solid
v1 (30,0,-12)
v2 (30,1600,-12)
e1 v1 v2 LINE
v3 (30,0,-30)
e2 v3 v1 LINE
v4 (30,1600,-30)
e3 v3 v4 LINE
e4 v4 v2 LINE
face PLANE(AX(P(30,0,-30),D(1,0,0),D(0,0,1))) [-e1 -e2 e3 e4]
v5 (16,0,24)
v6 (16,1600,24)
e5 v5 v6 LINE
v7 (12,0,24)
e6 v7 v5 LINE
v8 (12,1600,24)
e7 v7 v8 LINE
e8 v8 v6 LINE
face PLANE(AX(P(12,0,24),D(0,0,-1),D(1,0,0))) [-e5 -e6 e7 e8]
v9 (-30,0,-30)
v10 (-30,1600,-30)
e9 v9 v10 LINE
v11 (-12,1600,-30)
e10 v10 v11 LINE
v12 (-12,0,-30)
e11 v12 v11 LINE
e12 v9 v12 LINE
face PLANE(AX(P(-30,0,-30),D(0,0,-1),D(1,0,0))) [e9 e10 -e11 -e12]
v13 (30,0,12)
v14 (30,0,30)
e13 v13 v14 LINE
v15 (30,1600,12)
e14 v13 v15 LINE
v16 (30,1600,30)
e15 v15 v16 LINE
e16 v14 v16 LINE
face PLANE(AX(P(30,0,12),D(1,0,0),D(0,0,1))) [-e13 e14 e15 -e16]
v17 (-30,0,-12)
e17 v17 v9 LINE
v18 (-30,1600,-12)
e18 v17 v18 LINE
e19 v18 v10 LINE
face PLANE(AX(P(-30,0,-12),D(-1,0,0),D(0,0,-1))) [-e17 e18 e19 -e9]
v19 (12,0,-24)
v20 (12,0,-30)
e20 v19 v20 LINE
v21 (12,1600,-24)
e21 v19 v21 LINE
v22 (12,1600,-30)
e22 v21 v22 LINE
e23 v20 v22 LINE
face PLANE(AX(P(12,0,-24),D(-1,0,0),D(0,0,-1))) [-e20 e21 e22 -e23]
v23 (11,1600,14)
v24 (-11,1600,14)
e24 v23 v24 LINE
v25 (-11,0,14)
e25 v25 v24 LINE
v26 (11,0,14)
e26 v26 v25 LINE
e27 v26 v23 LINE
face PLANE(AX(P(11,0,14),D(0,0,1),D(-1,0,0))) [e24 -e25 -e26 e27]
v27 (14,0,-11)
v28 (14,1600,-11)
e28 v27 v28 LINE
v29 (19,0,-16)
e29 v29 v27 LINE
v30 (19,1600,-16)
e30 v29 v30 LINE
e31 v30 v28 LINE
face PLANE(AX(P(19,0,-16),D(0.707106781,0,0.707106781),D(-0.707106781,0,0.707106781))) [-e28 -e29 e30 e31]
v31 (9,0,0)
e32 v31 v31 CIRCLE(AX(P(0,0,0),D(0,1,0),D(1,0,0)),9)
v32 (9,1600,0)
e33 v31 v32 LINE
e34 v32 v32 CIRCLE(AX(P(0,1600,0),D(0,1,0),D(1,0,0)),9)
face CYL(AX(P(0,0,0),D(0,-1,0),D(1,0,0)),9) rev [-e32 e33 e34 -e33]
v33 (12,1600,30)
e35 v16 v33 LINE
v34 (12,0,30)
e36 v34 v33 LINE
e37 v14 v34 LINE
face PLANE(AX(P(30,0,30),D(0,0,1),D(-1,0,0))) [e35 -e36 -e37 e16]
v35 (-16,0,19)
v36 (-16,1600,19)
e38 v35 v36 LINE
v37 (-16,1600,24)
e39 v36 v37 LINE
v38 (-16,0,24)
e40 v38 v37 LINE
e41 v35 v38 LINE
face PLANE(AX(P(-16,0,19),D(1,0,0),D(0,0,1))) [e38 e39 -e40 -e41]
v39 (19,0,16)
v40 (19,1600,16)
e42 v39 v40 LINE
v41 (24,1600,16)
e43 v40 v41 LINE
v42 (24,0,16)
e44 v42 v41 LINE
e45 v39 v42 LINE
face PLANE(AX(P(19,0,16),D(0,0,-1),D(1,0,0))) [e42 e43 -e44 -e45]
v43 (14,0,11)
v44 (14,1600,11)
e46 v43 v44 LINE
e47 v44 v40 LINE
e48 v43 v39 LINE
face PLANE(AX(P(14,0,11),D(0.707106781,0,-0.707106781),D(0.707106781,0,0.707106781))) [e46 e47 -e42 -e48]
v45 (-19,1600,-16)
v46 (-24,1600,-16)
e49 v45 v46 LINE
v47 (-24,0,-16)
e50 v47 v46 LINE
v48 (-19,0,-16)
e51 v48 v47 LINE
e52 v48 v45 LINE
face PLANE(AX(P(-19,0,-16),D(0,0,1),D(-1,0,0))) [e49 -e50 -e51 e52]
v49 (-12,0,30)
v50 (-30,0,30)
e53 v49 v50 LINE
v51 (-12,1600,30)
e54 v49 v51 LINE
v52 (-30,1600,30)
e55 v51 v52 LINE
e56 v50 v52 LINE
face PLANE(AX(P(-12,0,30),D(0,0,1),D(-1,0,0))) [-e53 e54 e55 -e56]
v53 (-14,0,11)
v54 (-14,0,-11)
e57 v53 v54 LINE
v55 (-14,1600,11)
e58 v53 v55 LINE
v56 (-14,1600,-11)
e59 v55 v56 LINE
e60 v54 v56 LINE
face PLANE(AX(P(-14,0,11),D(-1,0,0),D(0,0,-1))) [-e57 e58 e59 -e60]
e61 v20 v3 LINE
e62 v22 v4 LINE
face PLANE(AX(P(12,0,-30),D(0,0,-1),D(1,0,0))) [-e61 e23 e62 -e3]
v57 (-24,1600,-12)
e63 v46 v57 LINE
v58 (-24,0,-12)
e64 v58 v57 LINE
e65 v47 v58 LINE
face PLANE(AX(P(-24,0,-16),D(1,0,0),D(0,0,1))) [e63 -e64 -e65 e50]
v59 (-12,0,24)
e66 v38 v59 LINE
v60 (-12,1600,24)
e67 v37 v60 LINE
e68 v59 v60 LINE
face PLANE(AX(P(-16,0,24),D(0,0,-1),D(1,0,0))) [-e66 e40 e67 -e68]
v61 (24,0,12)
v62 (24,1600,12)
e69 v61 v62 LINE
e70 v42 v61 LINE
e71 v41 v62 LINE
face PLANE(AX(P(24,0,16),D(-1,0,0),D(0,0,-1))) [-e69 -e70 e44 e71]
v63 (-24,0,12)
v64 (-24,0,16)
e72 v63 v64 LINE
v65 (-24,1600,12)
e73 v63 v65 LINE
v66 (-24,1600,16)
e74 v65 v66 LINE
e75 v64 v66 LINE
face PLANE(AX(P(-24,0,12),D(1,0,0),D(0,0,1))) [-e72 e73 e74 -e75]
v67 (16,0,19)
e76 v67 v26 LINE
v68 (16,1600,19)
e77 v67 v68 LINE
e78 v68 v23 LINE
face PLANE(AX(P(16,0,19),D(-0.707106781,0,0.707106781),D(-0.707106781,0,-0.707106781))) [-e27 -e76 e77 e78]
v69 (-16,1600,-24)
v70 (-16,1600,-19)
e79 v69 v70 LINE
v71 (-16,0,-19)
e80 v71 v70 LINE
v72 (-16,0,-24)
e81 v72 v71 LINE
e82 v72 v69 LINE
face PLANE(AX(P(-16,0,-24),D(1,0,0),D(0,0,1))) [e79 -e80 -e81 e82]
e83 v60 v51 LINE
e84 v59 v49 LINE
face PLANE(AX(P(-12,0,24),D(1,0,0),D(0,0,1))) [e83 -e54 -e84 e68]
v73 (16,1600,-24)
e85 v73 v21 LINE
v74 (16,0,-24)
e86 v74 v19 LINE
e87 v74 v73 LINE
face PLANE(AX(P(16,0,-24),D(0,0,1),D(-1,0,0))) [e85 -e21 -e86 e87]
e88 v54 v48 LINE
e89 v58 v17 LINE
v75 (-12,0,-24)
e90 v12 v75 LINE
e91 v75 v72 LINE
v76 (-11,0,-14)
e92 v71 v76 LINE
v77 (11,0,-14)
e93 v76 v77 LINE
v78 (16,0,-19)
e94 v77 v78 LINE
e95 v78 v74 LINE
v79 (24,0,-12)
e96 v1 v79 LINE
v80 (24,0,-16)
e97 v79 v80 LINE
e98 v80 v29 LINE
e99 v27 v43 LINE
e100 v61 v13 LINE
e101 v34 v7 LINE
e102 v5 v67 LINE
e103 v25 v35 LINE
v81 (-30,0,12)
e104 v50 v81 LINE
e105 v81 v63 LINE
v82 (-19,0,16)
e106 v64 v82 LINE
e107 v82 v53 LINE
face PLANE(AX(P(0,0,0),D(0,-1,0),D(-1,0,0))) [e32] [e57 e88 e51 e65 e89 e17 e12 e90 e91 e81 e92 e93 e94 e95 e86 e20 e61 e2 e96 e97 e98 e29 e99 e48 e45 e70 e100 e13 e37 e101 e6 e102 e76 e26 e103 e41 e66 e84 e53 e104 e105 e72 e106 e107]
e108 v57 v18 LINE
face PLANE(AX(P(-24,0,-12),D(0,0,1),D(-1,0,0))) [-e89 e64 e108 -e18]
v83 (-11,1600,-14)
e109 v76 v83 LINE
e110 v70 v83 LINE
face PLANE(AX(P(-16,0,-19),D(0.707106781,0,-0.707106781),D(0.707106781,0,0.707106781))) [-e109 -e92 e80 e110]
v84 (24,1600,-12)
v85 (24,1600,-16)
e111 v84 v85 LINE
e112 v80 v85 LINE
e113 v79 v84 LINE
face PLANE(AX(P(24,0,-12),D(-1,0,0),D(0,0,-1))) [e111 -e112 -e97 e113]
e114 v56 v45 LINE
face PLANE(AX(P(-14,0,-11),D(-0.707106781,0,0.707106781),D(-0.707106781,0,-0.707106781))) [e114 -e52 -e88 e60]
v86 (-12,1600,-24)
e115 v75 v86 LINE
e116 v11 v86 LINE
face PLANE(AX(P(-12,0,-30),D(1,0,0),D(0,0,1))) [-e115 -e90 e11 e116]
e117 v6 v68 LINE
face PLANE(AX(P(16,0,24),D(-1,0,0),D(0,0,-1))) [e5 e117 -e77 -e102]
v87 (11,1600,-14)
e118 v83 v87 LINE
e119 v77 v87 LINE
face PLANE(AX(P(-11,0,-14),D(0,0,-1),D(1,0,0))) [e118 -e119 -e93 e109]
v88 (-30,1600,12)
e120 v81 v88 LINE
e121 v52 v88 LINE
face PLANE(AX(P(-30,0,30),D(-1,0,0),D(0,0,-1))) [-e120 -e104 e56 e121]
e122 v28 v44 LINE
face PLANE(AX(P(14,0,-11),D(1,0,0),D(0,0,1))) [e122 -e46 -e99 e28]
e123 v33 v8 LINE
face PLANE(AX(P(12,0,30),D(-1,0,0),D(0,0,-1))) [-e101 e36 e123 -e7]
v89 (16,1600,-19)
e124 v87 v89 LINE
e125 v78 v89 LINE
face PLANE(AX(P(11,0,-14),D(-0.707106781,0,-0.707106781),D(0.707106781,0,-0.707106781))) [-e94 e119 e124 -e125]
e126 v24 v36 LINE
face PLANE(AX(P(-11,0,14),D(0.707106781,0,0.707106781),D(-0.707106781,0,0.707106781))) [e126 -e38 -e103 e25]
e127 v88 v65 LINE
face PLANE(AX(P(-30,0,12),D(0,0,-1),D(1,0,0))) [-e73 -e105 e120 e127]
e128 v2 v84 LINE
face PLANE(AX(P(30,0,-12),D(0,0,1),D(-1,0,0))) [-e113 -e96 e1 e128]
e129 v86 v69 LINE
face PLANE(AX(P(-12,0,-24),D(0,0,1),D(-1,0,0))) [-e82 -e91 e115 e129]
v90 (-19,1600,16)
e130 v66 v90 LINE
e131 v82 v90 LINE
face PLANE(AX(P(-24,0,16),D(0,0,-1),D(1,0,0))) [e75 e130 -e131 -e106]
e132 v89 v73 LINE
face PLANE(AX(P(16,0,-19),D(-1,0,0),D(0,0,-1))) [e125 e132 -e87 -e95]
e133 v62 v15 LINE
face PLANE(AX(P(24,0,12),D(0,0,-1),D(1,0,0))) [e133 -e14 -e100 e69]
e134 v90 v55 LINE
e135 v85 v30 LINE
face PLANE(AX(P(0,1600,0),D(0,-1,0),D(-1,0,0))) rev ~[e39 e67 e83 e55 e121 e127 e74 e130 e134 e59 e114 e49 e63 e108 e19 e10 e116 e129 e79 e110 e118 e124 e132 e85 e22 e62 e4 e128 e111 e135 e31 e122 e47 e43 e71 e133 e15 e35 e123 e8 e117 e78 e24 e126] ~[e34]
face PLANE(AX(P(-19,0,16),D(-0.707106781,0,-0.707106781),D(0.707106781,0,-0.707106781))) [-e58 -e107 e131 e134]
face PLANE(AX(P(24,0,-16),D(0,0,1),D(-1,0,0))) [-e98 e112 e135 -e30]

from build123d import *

# Parameters (mm, degrees)
SKETCH1_R           = 9
BOSS_EXTRUDE1_DEPTH = 1600


with BuildPart() as part:
    # Sketch1 → Boss-Extrude1 (new body)
    with BuildSketch(Plane(origin=(0, 0, 0), x_dir=(1, 0, 0), z_dir=(0, 1, 0))):
        Polygon((-30, 30), (-12, 30), (-12, 24), (-16, 24), (-16, 19), (-11, 14), (11, 14), (16, 19), (16, 24), (12, 24), (12, 30), (30, 30), (30, 12), (24, 12), (24, 16), (19, 16), (14, 11), (14, -11), (19, -16), (24, -16), (24, -12), (30, -12), (30, -30), (12, -30), (12, -24), (16, -24), (16, -19), (11, -14), (-11, -14), (-16, -19), (-16, -24), (-12, -24), (-12, -30), (-30, -30), (-30, -12), (-24, -12), (-24, -16), (-19, -16), (-14, -11), (-14, 11), (-19, 16), (-24, 16), (-24, 12), (-30, 12), align=None)
        Circle(SKETCH1_R, mode=Mode.SUBTRACT)
    extrude(amount=BOSS_EXTRUDE1_DEPTH)


solid = part.part
